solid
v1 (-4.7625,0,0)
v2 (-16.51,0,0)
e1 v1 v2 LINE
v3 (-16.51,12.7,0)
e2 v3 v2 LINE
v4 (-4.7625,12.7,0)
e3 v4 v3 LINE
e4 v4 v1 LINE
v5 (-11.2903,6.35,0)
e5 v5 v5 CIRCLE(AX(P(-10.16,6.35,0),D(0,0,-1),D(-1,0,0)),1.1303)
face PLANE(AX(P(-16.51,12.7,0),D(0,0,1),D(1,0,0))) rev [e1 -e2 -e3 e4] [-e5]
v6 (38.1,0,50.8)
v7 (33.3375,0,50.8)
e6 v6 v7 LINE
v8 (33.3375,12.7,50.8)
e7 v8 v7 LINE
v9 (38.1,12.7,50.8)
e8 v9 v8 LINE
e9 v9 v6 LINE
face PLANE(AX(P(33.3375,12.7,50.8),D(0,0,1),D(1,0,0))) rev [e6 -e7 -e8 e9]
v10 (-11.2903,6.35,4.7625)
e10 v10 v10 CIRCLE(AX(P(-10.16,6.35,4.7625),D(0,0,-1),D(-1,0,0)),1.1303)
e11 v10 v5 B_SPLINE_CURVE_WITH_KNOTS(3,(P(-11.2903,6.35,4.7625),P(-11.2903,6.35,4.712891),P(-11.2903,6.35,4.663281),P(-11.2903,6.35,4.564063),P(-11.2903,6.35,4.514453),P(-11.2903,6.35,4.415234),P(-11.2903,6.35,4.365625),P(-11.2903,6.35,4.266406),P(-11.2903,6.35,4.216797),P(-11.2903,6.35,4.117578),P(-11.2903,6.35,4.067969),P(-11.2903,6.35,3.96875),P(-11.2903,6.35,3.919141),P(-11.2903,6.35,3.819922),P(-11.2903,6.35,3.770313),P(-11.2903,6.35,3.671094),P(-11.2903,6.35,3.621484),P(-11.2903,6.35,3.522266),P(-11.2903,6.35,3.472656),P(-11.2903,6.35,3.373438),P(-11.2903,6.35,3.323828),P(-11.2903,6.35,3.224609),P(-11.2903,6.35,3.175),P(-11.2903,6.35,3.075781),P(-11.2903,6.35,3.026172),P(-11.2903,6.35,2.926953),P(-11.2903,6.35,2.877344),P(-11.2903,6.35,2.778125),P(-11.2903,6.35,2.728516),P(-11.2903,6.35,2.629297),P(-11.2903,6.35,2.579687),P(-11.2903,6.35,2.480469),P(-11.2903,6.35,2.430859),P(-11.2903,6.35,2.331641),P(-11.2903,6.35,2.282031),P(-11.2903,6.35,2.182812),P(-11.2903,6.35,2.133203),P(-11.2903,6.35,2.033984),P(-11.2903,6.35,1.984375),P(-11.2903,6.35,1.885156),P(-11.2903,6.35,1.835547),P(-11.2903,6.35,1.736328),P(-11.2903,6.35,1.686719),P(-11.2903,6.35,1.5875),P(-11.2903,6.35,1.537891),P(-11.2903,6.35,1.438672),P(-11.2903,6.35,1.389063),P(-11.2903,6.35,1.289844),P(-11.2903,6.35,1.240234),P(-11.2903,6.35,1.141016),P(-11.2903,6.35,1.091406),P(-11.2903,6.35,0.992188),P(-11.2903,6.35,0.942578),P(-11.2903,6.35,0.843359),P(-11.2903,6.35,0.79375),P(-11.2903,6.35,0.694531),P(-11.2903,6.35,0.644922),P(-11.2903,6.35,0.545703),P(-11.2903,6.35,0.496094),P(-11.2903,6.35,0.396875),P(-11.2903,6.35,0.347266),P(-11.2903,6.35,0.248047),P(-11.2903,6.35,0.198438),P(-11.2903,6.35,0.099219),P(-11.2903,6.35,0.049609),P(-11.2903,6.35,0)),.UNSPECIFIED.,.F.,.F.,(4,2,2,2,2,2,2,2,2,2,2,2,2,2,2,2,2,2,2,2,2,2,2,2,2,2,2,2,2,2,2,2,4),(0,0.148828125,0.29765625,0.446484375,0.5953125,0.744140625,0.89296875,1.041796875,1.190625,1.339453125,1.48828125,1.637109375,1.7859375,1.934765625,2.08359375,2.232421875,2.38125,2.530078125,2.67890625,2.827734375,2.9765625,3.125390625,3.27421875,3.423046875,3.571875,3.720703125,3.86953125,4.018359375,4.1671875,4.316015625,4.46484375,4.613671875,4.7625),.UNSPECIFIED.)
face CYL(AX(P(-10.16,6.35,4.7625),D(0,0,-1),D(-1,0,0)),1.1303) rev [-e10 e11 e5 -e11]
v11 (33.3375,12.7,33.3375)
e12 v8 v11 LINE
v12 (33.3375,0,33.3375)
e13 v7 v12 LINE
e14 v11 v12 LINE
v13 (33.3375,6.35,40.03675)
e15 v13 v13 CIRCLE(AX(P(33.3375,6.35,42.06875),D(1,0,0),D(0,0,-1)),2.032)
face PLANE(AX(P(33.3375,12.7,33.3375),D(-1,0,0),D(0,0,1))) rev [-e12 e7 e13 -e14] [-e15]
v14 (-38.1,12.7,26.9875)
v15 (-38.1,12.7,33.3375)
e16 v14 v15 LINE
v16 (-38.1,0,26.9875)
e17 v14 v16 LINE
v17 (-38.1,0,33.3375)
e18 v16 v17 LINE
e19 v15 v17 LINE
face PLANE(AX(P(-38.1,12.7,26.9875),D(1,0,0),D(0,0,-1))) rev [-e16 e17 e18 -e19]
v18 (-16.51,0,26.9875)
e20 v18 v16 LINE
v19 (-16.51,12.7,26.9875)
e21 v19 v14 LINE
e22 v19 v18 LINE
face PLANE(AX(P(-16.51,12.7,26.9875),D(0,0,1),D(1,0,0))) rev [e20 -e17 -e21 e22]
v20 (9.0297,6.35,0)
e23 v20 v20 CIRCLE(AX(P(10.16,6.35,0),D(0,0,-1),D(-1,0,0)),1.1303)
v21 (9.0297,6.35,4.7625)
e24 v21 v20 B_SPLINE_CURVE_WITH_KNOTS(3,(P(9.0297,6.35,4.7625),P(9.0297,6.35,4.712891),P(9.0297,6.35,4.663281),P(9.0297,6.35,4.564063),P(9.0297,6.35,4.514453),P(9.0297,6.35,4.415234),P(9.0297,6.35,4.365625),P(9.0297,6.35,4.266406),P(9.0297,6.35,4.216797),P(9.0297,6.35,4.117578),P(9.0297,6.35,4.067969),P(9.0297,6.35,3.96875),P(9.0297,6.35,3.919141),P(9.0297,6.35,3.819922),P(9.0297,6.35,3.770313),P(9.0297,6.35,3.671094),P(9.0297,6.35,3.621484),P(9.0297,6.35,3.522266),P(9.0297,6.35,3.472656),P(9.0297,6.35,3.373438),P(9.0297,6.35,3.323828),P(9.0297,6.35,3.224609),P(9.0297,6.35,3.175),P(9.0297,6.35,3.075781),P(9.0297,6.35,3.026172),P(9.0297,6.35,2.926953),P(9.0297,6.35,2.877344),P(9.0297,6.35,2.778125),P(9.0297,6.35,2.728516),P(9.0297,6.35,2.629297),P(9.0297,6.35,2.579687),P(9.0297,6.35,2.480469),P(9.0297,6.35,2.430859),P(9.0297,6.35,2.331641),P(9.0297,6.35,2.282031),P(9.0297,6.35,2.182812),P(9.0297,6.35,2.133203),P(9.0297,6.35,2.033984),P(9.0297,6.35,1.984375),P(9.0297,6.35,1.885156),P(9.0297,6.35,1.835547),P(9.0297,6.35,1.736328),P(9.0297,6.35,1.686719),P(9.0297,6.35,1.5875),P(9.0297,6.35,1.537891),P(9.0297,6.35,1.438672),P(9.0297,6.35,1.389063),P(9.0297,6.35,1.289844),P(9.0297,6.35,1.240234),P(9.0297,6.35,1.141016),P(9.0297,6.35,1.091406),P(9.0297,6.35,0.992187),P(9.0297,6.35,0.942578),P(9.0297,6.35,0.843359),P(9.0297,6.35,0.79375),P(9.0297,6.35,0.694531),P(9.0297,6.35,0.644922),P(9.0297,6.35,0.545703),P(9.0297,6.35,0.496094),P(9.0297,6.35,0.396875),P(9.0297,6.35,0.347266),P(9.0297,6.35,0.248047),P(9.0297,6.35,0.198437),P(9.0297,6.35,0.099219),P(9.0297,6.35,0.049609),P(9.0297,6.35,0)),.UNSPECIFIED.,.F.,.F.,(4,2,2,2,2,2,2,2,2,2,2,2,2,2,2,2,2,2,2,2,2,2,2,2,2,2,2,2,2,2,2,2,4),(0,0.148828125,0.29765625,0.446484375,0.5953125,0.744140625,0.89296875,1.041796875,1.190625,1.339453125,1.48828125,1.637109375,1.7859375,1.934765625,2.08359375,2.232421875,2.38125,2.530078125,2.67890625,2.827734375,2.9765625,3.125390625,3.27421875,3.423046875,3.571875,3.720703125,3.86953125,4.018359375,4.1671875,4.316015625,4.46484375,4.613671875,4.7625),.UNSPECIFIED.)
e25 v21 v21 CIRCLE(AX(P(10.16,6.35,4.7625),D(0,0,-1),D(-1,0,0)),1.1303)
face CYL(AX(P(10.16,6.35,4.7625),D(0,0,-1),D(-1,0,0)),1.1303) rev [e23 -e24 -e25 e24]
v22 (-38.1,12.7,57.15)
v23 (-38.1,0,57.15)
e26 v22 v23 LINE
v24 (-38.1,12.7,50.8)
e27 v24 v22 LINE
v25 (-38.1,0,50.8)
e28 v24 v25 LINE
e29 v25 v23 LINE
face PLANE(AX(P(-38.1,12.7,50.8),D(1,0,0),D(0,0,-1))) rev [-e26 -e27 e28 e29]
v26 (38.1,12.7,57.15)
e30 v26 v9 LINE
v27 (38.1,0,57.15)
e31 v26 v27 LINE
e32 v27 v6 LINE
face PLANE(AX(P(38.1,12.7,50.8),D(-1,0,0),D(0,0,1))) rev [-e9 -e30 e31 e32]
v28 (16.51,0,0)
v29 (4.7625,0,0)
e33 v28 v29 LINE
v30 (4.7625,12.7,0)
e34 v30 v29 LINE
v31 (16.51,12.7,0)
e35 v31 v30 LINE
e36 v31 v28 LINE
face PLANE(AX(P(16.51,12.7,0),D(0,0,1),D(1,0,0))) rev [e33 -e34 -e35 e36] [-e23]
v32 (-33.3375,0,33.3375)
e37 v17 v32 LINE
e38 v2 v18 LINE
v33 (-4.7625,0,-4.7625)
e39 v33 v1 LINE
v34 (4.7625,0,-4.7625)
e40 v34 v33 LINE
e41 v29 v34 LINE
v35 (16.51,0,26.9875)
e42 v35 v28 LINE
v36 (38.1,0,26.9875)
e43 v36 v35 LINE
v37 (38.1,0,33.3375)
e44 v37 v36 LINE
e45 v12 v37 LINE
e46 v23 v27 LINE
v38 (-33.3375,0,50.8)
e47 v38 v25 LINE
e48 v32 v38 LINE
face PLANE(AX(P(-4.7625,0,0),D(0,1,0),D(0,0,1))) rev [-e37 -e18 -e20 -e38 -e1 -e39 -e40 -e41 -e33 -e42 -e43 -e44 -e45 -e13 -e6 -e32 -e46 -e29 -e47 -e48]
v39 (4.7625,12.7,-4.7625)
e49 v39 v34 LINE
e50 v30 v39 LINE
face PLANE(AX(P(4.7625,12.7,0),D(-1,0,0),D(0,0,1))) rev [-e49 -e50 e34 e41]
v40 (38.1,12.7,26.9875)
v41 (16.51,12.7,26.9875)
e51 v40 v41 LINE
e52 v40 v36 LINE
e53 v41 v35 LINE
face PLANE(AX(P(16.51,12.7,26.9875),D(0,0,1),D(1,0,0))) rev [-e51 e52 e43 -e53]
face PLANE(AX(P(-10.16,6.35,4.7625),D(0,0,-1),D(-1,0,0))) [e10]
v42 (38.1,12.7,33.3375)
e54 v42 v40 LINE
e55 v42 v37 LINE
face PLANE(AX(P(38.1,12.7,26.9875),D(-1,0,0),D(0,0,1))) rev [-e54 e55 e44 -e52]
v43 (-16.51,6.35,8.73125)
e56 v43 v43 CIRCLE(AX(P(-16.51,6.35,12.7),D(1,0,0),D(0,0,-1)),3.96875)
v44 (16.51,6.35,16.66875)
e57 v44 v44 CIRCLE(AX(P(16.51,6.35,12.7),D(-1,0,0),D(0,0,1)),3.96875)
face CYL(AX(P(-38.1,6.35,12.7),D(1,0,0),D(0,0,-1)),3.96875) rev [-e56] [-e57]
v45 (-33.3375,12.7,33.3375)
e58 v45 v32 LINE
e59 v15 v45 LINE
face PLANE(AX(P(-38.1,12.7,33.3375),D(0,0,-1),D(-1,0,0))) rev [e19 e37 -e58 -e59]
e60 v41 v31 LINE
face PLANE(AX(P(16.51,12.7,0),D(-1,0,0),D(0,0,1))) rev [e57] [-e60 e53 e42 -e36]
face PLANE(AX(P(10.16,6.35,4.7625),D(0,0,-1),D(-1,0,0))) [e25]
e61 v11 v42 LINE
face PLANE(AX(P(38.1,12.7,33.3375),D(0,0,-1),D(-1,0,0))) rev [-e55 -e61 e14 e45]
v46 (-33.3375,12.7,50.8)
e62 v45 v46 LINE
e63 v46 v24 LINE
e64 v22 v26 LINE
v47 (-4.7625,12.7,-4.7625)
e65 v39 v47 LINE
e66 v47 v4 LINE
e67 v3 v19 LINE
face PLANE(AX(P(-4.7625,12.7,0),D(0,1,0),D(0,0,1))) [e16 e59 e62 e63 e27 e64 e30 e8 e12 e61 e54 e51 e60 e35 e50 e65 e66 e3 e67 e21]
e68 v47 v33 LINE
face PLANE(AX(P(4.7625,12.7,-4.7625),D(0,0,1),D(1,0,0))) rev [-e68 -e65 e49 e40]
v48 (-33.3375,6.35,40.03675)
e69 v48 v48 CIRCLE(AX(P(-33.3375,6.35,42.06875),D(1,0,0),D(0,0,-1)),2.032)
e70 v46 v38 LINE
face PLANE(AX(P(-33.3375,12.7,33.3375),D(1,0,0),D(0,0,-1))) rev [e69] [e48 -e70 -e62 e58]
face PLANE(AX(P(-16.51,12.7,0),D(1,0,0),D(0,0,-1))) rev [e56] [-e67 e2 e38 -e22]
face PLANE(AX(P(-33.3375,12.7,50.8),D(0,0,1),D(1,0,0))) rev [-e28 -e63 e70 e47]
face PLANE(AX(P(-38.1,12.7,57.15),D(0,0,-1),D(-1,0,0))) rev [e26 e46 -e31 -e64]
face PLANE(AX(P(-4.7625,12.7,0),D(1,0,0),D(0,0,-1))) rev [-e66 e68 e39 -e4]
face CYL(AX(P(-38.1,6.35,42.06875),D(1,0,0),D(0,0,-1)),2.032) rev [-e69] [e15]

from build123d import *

# Parameters (mm, degrees)
BOSS_EXTRUDE1_DEPTH = 12.7
SKETCH2_R           = 2.032
SKETCH2_R_2         = 3.96875
CUT_EXTRUDE1_DEPTH  = 93.361945119
SKETCH3_R           = 1.1303
CUT_EXTRUDE2_DEPTH  = 4.7625


with BuildPart() as part:
    # Sketch1 → Boss-Extrude1 (new body)
    with BuildSketch(Plane(origin=(0, 0, 0), x_dir=(1, 0, 0), z_dir=(0, 1, 0))):
        Polygon((16.51, 0), (4.7625, 0), (4.7625, 4.7625), (-4.7625, 4.7625), (-4.7625, 0), (-16.51, 0), (-16.51, -26.9875), (-38.1, -26.9875), (-38.1, -33.3375), (-33.3375, -33.3375), (-33.3375, -50.8), (-38.1, -50.8), (-38.1, -57.15), (38.1, -57.15), (38.1, -50.8), (33.3375, -50.8), (33.3375, -33.3375), (38.1, -33.3375), (38.1, -26.9875), (16.51, -26.9875), align=None)
    extrude(amount=BOSS_EXTRUDE1_DEPTH)

    # Sketch2 → Cut-Extrude1 (cut, through all)
    with BuildSketch(Plane(origin=(33.3375, 0, 0), x_dir=(0, 0, -1), z_dir=(1, 0, 0))):
        with Locations((-42.06875, 6.35)):
            Circle(SKETCH2_R)
        with Locations((-12.7, 6.35)):
            Circle(SKETCH2_R_2)
    extrude(amount=-CUT_EXTRUDE1_DEPTH, mode=Mode.SUBTRACT)

    # Sketch3 → Cut-Extrude2 (cut)
    with BuildSketch(Plane(origin=(0, 0, 0), x_dir=(-1, 0, 0), z_dir=(0, 0, -1))):
        with Locations((-10.16, 6.35)):
            Circle(SKETCH3_R)
        with Locations((10.16, 6.35)):
            Circle(SKETCH3_R)
    extrude(amount=-CUT_EXTRUDE2_DEPTH, mode=Mode.SUBTRACT)


solid = part.part
